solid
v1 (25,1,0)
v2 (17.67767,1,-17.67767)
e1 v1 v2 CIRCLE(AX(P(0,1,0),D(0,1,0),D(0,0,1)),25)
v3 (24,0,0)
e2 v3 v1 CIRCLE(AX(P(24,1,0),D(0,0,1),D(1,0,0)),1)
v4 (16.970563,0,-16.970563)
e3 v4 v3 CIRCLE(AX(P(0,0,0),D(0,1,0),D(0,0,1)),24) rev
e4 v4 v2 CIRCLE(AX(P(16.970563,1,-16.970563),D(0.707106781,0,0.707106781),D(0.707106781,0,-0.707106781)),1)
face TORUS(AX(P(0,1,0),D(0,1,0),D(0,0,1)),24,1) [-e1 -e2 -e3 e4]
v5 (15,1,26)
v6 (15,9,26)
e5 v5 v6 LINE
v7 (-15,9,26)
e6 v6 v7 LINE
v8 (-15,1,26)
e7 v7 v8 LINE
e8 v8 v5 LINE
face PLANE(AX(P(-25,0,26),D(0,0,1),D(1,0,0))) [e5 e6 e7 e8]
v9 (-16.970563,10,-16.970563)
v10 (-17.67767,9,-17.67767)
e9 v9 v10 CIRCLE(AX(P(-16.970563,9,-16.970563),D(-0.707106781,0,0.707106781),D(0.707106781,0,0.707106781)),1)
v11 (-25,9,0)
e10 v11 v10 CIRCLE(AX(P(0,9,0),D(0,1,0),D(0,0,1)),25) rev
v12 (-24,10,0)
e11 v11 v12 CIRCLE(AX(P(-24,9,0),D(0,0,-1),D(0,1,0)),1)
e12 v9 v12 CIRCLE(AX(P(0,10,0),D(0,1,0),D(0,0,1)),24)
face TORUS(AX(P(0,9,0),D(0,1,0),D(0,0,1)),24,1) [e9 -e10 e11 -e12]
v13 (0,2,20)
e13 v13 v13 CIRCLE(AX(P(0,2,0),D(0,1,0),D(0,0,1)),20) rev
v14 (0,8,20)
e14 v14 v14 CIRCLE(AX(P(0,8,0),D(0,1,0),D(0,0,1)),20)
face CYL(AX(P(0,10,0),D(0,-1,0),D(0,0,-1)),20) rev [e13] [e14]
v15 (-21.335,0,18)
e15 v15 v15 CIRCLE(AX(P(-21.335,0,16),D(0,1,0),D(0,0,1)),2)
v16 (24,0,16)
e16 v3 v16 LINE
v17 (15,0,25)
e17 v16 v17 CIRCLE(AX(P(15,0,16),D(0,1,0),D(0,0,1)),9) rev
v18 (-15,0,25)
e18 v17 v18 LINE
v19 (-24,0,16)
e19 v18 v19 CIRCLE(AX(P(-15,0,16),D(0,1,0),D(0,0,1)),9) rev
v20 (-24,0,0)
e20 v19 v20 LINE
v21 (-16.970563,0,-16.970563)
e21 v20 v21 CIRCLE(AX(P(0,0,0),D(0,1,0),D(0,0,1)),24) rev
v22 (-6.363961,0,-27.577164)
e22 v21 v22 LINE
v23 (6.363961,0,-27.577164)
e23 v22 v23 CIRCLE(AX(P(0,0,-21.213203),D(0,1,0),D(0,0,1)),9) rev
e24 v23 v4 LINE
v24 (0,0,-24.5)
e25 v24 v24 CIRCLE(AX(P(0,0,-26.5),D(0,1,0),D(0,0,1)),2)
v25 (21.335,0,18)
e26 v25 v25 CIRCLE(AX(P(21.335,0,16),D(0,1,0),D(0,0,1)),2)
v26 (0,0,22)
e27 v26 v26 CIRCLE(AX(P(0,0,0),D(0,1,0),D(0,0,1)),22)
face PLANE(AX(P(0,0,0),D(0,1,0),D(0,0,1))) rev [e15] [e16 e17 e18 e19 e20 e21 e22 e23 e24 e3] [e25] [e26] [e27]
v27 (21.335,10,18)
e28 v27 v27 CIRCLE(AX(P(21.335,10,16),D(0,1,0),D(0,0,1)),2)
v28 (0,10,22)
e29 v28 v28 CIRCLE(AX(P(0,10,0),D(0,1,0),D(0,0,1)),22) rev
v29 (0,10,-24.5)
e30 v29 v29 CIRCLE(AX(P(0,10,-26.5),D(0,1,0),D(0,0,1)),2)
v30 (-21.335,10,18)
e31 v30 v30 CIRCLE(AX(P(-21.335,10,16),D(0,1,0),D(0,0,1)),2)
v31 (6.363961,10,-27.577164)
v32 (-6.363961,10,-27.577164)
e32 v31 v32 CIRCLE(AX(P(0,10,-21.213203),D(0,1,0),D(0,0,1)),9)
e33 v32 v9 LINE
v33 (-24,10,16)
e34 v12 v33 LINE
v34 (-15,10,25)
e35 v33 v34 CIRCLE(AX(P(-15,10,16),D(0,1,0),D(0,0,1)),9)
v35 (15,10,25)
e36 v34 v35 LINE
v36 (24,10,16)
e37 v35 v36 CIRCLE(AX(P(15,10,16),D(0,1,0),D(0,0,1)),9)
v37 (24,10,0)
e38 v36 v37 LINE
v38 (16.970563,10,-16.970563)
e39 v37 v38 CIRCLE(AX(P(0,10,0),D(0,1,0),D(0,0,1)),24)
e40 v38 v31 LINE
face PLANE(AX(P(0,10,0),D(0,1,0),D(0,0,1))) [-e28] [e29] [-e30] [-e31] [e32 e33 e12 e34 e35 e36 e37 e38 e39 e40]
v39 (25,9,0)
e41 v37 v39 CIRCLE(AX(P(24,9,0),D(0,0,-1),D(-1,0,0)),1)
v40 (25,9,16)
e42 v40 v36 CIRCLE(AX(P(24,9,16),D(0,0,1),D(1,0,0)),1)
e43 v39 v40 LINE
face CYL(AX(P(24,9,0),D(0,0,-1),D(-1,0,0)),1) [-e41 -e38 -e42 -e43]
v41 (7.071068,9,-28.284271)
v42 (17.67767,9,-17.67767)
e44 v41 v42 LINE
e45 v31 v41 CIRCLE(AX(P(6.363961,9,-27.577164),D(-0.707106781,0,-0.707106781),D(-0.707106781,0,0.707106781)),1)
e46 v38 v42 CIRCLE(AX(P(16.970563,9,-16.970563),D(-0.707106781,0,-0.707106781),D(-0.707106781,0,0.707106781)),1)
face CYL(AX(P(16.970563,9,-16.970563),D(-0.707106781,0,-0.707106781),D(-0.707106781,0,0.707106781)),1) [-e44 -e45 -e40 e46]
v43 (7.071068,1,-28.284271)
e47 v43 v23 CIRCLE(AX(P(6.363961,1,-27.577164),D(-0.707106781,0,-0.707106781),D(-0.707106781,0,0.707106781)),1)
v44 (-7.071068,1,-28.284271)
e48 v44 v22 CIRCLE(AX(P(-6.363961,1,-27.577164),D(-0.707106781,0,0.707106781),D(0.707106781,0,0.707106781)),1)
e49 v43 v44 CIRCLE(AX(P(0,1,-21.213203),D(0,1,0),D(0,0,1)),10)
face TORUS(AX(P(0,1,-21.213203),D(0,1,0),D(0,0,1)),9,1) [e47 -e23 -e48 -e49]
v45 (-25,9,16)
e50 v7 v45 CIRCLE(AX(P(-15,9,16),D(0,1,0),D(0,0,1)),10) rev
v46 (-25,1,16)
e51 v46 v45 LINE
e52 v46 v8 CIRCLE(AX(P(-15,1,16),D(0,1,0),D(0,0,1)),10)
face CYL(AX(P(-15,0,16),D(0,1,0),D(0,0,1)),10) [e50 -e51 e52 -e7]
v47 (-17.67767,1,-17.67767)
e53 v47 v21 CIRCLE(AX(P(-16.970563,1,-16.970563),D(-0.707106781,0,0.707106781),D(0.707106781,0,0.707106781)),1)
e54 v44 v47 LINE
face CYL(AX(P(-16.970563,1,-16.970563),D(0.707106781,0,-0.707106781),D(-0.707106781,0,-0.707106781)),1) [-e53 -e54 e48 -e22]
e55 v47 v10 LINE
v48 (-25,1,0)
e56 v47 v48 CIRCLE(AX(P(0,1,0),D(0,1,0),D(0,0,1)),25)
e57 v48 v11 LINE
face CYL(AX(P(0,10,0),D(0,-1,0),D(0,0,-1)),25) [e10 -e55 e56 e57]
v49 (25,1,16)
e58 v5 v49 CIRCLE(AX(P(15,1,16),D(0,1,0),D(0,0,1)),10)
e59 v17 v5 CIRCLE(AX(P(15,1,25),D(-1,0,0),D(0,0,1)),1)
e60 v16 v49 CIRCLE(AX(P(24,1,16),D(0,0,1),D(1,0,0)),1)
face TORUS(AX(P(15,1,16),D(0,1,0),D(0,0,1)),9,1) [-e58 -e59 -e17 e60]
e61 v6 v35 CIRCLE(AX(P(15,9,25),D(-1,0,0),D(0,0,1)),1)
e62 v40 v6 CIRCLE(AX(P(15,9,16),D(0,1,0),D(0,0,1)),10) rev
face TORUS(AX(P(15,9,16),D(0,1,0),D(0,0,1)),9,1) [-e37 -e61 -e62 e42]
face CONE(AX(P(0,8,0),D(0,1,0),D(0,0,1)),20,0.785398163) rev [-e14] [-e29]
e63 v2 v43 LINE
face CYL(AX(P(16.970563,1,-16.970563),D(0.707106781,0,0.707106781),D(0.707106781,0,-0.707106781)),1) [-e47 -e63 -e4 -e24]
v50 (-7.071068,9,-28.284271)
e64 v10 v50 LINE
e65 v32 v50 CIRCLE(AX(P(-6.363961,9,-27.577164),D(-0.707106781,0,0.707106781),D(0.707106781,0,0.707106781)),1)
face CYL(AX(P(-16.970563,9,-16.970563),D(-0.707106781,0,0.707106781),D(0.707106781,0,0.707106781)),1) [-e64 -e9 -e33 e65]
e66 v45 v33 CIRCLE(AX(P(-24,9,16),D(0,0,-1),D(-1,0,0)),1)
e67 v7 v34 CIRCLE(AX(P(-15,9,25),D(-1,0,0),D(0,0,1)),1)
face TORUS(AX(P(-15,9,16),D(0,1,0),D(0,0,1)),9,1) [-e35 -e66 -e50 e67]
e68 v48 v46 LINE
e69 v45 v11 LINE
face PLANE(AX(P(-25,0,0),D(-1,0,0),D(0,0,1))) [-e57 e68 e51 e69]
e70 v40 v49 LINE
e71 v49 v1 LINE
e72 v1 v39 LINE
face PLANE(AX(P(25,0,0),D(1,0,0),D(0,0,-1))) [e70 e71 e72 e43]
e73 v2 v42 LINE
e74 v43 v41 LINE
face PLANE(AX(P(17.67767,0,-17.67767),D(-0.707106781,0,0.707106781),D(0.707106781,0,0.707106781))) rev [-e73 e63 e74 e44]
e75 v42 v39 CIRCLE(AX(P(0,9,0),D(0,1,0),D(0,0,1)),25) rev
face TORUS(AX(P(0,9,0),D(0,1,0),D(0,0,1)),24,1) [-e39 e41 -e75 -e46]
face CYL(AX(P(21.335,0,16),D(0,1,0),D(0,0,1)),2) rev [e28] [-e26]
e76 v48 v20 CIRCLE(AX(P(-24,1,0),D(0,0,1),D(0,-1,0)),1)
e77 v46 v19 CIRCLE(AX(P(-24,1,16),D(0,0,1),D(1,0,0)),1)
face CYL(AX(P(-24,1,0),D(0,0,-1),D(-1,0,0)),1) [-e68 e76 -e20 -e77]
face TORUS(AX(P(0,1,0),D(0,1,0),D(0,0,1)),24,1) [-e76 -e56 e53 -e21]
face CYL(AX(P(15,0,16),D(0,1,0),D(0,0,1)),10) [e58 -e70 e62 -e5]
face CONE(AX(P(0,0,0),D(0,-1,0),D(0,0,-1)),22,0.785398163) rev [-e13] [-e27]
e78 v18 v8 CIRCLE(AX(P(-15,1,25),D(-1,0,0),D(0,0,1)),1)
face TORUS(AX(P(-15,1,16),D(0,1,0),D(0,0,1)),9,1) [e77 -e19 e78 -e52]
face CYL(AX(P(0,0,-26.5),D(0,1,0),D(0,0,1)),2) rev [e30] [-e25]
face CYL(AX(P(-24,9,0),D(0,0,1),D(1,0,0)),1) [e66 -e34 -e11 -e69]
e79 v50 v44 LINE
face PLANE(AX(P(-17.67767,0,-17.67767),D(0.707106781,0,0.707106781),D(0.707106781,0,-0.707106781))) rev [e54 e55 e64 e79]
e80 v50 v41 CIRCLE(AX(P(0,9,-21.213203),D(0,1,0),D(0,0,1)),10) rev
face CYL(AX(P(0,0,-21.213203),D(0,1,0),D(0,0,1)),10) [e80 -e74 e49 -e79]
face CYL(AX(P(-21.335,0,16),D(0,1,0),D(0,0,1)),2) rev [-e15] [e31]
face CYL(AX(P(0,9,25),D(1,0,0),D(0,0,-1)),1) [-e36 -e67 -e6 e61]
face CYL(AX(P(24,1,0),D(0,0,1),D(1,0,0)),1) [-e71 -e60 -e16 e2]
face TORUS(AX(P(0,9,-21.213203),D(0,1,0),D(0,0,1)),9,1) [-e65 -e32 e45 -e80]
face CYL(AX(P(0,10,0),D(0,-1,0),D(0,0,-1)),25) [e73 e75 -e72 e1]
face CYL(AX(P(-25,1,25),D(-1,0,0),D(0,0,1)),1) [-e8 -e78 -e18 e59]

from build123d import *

# Parameters (mm, degrees)
SKETCH1_R           = 25
SKETCH1_R_2         = 20
BOSS_EXTRUDE1_DEPTH = 10
BOSS_EXTRUDE2_DEPTH = 10
BOSS_EXTRUDE3_DEPTH = 10
FILLET1_R           = 10
SKETCH2_R           = 2
CUT_EXTRUDE1_DEPTH  = 10
CHAMFER1_SIZE       = 2
FILLET2_R           = 10
CHAMFER2_SIZE       = 2
FILLET3_R           = 1


with BuildPart() as part:
    # Sketch1 → Boss-Extrude1 (new body)
    with BuildSketch(Plane(origin=(0, 0, 0), x_dir=(1, 0, 0), z_dir=(0, 1, 0))):
        Circle(SKETCH1_R)
        Circle(SKETCH1_R_2, mode=Mode.SUBTRACT)
    extrude(amount=BOSS_EXTRUDE1_DEPTH)

    # Sketch3 → Boss-Extrude2 (add)
    with BuildSketch(Plane(origin=(0, 10, 0), x_dir=(1, 0, 0), z_dir=(0, 1, 0))):
        with BuildLine():
            Line((-25, -26), (25, -26))
            Line((25, -26), (25, 0))
            ThreePointArc((25, 0), (0, -25), (-25, 0))
            Line((-25, 0), (-25, -26))
        make_face()
    extrude(amount=-BOSS_EXTRUDE2_DEPTH)

    # Sketch4 → Boss-Extrude3 (add)
    with BuildSketch(Plane(origin=(0, 10, 0), x_dir=(1, 0, 0), z_dir=(0, 1, 0))):
        with BuildLine():
            Line((0, 35.355339059), (-17.67766953, 17.67766953))
            ThreePointArc((-17.67766953, 17.67766953), (0, 25), (17.67766953, 17.67766953))
            Line((17.67766953, 17.67766953), (0, 35.355339059))
        make_face()
    extrude(amount=-BOSS_EXTRUDE3_DEPTH)

    # Fillet1
    fillet1_edges = [part.edges().sort_by_distance(p)[0] for p in [
        (0, 5, -35.355339059),
    ]]
    fillet(fillet1_edges, radius=FILLET1_R)

    # Sketch2 → Cut-Extrude1 (cut)
    with BuildSketch(Plane(origin=(0, 10, 0), x_dir=(1, 0, 0), z_dir=(0, 1, 0))):
        with Locations((-21.335, -16)):
            Circle(SKETCH2_R)
        with Locations((0, 26.5)):
            Circle(SKETCH2_R)
        with Locations((21.335, -16)):
            Circle(SKETCH2_R)
    extrude(amount=-CUT_EXTRUDE1_DEPTH, mode=Mode.SUBTRACT)

    # Chamfer1
    chamfer1_edges = [part.edges().sort_by_distance(p)[0] for p in [
        (-20, 0, 0),
    ]]
    chamfer(chamfer1_edges, length=CHAMFER1_SIZE)

    # Fillet2
    fillet2_edges = [part.edges().sort_by_distance(p)[0] for p in [
        (-25, 5, 26),
        (25, 5, 26),
    ]]
    fillet(fillet2_edges, radius=FILLET2_R)

    # Chamfer2
    chamfer2_edges = [part.edges().sort_by_distance(p)[0] for p in [
        (-20, 10, 0),
    ]]
    chamfer(chamfer2_edges, length=CHAMFER2_SIZE)

    # Fillet3
    fillet3_edges = [part.edges().sort_by_distance(p)[0] for p in [
        (-25, 0, 8),
        (-25, 10, 8),
        (23.096988313, 0, -9.567085809),
        (-23.096988313, 0, -9.567085809),
        (-23.096988313, 10, -9.567085809),
        (-12.374368671, 10, -22.980970389),
        (-12.374368671, 0, -22.980970389),
        (12.374368671, 10, -22.980970389),
        (12.374368671, 0, -22.980970389),
        (0, 10, -31.213203436),
        (0, 0, -31.213203436),
        (23.096988313, 10, -9.567085809),
        (0, 10, 26),
        (0, 0, 26),
        (25, 10, 8),
        (-22.071067812, 10, 23.071067812),
        (22.071067812, 10, 23.071067812),
        (25, 0, 8),
        (-22.071067812, 0, 23.071067812),
        (22.071067812, 0, 23.071067812),
    ]]
    fillet(fillet3_edges, radius=FILLET3_R)


solid = part.part
